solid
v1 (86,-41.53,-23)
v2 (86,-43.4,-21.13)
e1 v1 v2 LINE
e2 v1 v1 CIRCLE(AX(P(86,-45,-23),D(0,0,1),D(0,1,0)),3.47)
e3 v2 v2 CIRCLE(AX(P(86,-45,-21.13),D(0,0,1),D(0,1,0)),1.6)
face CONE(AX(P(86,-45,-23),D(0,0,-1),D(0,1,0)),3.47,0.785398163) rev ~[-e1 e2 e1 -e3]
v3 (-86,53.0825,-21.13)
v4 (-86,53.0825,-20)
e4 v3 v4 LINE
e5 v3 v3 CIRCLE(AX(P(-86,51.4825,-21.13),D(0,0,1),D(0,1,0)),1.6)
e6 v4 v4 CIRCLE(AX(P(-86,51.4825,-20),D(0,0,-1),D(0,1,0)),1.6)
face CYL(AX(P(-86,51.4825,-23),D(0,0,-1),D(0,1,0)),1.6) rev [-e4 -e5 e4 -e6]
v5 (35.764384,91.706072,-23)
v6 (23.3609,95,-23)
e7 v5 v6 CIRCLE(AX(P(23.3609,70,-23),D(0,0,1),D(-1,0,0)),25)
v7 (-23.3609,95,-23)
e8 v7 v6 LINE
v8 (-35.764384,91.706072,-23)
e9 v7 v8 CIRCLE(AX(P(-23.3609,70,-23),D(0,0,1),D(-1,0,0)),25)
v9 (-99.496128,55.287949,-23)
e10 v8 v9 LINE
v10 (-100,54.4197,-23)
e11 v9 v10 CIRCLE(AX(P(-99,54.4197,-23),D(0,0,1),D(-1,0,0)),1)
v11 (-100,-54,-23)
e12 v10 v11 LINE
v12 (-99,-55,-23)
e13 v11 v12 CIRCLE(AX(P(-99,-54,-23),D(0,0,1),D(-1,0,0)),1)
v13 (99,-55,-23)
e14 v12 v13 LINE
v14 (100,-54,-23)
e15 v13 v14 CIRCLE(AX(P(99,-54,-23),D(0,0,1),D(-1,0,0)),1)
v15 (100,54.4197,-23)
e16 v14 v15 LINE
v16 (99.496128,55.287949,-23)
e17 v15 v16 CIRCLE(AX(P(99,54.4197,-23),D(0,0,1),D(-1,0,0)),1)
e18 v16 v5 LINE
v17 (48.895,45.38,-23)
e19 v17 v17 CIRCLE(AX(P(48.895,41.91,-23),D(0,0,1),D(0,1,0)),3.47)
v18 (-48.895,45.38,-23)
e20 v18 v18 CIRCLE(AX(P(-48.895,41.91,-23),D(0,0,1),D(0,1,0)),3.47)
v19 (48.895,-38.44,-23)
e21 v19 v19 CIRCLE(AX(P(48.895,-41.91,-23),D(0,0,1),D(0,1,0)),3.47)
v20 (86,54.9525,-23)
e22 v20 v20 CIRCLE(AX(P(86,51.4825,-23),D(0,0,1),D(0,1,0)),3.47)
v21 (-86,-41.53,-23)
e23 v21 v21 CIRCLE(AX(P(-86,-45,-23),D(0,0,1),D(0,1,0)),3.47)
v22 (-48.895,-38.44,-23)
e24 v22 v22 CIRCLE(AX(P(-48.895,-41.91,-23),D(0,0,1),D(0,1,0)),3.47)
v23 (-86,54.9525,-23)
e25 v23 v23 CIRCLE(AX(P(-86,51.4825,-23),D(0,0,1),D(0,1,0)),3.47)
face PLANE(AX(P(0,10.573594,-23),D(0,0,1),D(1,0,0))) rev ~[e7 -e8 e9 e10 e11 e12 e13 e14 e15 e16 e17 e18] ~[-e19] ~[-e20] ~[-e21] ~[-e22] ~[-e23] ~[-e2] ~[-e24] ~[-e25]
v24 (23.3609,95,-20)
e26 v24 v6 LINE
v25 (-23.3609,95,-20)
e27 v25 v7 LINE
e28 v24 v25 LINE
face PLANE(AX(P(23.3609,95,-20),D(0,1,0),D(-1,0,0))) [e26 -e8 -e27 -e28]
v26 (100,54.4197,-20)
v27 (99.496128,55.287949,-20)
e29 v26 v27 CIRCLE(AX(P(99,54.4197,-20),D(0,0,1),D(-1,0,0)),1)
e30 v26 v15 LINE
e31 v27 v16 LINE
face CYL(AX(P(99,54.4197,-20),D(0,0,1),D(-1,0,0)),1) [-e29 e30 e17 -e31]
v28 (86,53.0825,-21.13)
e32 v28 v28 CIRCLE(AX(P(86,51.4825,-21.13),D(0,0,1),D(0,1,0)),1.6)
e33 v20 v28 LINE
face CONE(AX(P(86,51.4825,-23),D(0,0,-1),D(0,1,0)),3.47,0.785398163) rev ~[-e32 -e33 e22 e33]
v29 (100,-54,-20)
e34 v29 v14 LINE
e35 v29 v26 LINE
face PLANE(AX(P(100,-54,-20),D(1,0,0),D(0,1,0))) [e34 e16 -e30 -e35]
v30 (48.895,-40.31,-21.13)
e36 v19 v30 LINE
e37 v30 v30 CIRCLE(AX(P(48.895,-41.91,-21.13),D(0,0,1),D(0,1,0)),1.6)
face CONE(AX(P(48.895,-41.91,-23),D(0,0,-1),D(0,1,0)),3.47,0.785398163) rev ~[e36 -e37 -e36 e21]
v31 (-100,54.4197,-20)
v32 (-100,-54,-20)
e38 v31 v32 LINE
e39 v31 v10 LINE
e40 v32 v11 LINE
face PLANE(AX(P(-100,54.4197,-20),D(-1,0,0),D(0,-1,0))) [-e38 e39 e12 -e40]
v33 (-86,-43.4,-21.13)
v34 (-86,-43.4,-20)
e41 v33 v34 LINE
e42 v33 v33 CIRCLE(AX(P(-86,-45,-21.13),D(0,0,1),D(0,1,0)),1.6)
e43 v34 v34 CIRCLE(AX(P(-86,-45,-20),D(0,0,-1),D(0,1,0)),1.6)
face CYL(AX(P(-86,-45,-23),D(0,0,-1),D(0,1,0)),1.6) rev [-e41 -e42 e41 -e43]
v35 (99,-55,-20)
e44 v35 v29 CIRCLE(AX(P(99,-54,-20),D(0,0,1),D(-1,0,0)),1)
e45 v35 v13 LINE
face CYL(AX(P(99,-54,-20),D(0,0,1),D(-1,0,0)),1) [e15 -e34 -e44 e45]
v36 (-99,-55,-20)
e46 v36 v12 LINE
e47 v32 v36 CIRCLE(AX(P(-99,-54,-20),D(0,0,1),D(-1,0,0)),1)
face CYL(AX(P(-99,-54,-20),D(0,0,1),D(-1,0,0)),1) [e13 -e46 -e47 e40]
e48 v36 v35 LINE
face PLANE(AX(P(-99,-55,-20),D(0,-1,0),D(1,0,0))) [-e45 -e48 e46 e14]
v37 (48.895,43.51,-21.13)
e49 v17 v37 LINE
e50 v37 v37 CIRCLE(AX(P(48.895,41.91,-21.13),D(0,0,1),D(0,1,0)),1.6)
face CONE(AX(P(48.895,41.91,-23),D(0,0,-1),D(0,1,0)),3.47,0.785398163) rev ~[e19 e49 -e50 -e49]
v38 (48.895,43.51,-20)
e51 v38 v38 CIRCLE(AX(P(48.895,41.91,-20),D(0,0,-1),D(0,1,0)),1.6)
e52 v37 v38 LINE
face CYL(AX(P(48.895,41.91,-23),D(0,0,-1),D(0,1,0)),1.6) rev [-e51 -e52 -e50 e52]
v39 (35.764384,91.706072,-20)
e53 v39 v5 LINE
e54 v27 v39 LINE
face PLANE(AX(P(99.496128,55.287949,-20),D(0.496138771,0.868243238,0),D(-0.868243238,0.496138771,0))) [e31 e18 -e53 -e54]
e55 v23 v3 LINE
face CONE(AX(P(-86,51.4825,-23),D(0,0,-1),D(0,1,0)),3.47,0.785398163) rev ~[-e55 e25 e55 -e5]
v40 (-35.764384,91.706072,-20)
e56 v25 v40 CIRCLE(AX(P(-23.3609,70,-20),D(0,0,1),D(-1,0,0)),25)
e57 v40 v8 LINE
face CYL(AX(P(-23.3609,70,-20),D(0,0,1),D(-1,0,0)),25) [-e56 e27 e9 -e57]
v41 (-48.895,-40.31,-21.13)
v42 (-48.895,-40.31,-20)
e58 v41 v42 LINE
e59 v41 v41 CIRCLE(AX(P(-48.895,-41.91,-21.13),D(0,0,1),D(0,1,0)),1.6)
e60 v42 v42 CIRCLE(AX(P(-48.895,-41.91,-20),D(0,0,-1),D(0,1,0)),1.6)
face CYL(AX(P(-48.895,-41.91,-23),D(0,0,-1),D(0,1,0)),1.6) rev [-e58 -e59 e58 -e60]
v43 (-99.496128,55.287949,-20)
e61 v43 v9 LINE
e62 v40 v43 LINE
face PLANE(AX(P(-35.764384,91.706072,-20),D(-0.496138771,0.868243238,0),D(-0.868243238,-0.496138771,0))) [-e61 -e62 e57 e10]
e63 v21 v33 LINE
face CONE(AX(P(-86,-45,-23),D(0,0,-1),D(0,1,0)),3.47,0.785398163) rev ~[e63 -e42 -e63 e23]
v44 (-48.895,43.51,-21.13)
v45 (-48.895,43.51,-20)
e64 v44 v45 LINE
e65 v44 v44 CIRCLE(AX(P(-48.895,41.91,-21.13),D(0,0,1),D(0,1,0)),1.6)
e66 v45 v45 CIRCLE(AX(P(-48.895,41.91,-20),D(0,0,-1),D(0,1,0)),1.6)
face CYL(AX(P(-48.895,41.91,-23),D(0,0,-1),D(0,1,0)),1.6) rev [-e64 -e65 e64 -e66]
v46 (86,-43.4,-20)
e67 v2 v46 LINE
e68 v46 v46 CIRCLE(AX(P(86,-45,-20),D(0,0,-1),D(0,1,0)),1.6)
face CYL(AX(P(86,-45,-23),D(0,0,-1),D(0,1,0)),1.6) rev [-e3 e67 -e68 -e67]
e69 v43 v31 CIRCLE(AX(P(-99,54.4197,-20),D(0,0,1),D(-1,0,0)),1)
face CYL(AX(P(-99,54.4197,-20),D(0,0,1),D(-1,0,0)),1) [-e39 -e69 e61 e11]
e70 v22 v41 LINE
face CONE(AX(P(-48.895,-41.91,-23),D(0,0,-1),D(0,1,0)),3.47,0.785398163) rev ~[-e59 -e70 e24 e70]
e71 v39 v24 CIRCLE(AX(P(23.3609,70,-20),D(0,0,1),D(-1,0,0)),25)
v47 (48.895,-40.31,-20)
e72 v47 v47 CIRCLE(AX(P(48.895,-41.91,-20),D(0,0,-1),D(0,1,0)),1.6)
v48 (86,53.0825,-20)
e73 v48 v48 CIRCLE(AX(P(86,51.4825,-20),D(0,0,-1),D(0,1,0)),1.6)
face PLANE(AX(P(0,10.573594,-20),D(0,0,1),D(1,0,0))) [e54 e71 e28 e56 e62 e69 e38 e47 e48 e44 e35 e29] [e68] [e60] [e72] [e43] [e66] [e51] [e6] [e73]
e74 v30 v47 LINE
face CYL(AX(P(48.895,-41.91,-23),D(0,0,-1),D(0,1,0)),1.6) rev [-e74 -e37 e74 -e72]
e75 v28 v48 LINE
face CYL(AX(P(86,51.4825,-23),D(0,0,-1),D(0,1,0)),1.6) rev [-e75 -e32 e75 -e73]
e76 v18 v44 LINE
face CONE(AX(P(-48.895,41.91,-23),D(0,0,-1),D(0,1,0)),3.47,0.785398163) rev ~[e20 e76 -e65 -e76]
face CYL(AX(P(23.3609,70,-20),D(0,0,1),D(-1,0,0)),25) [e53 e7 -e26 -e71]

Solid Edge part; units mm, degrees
sketch "Sketch1" plane through (0, 0, -20) normal (0, 0, -1) x (-1, 0, 0)
  line L0 (-99.4961, 55.2879) -> (-35.7644, 91.7061)
  arc A0 (-35.7644, 91.7061) -> (-23.3609, 95) centre (-23.3609, 70) cw
  line L1 (-23.3609, 95) -> (-19.45, 95)
  line L2 (-19.45, 95) -> (-13.95, 95)
  line L3 (-13.95, 95) -> (23.3609, 95)
  arc A1 (23.3609, 95) -> (35.7644, 91.7061) centre (23.3609, 70) cw
  line L4 (35.7644, 91.7061) -> (99.4961, 55.2879)
  arc A2 (99.4961, 55.2879) -> (100, 54.4197) centre (99, 54.4197) cw
  line L5 (100, 54.4197) -> (100, -54)
  arc A3 (100, -54) -> (99, -55) centre (99, -54) cw
  line L6 (99, -55) -> (-99, -55)
  arc A4 (-99, -55) -> (-100, -54) centre (-99, -54) cw
  line L7 (-100, -54) -> (-100, 54.4197)
  arc A5 (-100, 54.4197) -> (-99.4961, 55.2879) centre (-99, 54.4197) cw
extrude "Extrusionsausprägung_1" add sketch "Sketch1" along normal blind 3
hole "Bohrung_1" at (86, 51.4825, -23) direction (0, 0, 1) diameter 3.2 end through all countersink diameter 6.94 countersink angle 90
hole "Hole1" at (86, -45, -23) direction (0, 0, 1) diameter 3.2 end through all countersink diameter 6.94 countersink angle 90
hole "Hole2" at (-86, 51.4825, -23) direction (0, 0, 1) diameter 3.2 end through all countersink diameter 6.94 countersink angle 90
hole "Hole3" at (-86, -45, -23) direction (0, 0, 1) diameter 3.2 end through all countersink diameter 6.94 countersink angle 90
hole "Hole4" at (48.895, 41.91, -23) direction (0, 0, 1) diameter 3.2 end through all countersink diameter 6.94 countersink angle 90
hole "Hole5" at (-48.895, 41.91, -23) direction (0, 0, 1) diameter 3.2 end through all countersink diameter 6.94 countersink angle 90
hole "Hole6" at (-48.895, -41.91, -23) direction (0, 0, 1) diameter 3.2 end through all countersink diameter 6.94 countersink angle 90
hole "Hole7" at (48.895, -41.91, -23) direction (0, 0, 1) diameter 3.2 end through all countersink diameter 6.94 countersink angle 90
